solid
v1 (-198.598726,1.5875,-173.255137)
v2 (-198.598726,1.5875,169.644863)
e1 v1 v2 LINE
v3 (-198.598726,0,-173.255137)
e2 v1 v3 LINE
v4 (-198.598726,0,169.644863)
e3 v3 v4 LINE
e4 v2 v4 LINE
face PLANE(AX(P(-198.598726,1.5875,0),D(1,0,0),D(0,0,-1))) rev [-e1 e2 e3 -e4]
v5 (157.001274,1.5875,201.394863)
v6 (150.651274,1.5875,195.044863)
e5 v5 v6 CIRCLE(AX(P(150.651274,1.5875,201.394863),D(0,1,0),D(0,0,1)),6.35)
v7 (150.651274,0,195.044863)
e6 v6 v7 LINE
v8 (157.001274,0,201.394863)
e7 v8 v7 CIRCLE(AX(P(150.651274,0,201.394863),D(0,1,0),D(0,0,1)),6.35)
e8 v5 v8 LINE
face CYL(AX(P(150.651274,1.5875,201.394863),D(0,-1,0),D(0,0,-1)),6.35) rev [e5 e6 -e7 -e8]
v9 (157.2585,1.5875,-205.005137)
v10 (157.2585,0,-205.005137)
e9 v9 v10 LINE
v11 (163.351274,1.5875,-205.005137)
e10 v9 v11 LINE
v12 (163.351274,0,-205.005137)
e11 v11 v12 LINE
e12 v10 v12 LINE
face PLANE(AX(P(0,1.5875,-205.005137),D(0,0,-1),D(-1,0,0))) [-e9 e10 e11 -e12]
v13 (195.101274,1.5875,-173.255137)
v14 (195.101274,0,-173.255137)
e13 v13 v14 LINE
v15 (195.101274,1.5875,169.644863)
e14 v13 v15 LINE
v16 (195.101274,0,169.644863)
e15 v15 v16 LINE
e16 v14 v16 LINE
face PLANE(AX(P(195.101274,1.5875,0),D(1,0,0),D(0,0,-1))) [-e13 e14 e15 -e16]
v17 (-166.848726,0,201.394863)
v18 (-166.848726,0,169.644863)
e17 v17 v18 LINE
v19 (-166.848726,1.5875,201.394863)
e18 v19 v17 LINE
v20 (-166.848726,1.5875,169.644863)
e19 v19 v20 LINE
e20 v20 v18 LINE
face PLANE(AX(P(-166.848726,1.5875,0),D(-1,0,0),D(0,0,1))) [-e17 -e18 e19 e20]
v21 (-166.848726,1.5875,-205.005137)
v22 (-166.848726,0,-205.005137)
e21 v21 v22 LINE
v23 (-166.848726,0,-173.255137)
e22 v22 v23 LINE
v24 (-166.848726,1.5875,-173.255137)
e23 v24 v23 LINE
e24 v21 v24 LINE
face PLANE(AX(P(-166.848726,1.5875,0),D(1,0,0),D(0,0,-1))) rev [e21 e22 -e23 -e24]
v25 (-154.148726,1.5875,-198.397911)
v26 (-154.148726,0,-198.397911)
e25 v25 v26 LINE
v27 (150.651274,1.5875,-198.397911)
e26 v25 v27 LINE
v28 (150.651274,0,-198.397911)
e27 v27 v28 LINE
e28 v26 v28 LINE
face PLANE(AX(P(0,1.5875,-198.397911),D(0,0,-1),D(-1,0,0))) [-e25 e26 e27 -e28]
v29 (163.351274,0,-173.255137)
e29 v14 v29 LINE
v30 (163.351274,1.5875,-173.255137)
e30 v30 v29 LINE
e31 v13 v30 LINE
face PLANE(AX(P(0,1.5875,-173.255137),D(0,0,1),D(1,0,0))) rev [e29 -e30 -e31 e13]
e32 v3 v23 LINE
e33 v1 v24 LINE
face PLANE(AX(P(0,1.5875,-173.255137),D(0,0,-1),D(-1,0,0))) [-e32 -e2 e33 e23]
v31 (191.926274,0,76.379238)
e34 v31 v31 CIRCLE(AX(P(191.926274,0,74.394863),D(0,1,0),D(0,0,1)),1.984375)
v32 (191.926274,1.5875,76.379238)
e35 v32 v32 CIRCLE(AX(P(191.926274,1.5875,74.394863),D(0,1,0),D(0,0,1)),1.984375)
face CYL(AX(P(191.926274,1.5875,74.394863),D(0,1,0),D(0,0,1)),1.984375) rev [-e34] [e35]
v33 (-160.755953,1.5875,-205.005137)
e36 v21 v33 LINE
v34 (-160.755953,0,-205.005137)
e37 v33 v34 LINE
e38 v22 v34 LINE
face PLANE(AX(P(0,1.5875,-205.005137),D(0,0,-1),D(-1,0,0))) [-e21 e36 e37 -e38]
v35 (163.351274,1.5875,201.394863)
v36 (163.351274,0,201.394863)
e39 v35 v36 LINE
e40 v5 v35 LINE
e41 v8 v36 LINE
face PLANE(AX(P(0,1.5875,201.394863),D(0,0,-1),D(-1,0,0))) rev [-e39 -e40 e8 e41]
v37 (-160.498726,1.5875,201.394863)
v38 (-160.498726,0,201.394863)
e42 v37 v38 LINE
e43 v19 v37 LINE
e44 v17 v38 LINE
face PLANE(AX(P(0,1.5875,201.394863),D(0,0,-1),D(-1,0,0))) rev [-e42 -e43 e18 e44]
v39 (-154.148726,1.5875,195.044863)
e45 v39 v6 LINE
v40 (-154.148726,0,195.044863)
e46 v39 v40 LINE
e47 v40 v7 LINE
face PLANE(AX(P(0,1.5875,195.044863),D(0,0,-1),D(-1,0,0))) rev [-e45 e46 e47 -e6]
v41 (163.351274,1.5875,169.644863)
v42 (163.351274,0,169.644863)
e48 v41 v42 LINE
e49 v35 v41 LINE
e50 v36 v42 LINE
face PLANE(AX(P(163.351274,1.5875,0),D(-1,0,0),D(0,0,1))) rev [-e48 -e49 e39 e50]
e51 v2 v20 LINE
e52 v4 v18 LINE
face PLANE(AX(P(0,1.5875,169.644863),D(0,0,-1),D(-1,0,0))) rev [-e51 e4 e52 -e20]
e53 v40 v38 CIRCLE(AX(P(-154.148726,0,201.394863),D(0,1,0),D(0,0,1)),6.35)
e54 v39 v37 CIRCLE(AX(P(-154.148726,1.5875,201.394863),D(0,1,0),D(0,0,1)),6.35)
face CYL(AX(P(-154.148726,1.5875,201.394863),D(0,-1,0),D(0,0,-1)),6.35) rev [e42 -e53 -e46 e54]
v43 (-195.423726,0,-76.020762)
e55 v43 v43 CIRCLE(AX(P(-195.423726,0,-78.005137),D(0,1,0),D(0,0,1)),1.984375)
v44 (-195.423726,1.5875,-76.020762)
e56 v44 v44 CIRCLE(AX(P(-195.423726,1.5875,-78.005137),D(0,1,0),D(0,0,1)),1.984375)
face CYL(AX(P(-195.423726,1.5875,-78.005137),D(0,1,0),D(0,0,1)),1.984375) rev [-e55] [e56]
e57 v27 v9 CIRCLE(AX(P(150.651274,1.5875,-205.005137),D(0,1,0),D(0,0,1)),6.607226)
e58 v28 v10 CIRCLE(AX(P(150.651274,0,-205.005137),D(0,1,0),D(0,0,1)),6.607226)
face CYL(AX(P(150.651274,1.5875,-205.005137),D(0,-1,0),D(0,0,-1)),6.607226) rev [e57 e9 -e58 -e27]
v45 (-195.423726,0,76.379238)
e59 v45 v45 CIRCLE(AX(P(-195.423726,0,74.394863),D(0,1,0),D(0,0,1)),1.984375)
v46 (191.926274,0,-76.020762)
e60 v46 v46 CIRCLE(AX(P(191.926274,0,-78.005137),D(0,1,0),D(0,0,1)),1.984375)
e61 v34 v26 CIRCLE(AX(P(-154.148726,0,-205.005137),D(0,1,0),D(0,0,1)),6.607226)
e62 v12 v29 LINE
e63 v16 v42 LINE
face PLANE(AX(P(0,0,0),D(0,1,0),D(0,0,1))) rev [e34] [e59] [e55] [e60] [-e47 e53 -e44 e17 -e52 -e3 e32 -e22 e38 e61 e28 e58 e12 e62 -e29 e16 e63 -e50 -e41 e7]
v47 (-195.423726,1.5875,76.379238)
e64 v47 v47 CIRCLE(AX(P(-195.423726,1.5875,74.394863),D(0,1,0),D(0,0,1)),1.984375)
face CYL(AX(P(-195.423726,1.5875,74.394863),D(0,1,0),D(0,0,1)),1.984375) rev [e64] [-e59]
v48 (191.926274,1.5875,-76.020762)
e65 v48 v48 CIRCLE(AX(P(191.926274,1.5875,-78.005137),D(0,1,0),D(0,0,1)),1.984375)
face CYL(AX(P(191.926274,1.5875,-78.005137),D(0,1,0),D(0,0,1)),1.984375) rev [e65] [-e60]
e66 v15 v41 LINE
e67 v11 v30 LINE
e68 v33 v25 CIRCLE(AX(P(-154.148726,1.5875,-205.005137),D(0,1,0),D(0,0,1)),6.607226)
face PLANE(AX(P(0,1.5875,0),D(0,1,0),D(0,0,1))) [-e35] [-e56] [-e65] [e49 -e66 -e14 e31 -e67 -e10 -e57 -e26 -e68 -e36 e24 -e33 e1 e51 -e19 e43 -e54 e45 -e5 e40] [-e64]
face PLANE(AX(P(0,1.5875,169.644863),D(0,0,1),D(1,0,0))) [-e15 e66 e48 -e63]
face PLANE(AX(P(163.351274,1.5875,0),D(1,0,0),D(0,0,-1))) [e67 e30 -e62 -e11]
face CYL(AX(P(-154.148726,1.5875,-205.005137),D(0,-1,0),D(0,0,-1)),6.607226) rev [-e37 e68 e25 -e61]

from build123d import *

# Parameters (mm, degrees)
BOSS_EXTRUDE1_DEPTH             = 1.5875
F_5_32_0_15625_DIAMETER_HOLE1_D = 3.96875


with BuildPart() as part:
    # Sketch1 → Boss-Extrude1 (new body)
    with BuildSketch(Plane(origin=(0, 0, 0), x_dir=(1, 0, 0), z_dir=(0, 1, 0))):
        with BuildLine():
            Line((-160.755952561, 205.005137025), (-166.848726493, 205.005137025))
            Line((-166.848726493, 205.005137025), (-166.848726493, 173.255137025))
            Line((-166.848726493, 173.255137025), (-198.598726493, 173.255137025))
            Line((-198.598726493, 173.255137025), (-198.598726493, -169.644862975))
            Line((-198.598726493, -169.644862975), (-166.848726493, -169.644862975))
            Line((-166.848726493, -169.644862975), (-166.848726493, -201.394862975))
            Line((-166.848726493, -201.394862975), (-160.498726493, -201.394862975))
            ThreePointArc((-160.498726493, -201.394862975), (-158.638854554, -196.904734914), (-154.148726493, -195.044862975))
            Line((-154.148726493, -195.044862975), (150.651273507, -195.044862975))
            ThreePointArc((150.651273507, -195.044862975), (155.141401567, -196.904734914), (157.001273507, -201.394862975))
            Line((157.001273507, -201.394862975), (163.351273507, -201.394862975))
            Line((163.351273507, -201.394862975), (163.351273507, -169.644862975))
            Line((163.351273507, -169.644862975), (195.101273507, -169.644862975))
            Line((195.101273507, -169.644862975), (195.101273507, 173.255137025))
            Line((195.101273507, 173.255137025), (163.351273507, 173.255137025))
            Line((163.351273507, 173.255137025), (163.351273507, 205.005137025))
            Line((163.351273507, 205.005137025), (157.258499575, 205.005137025))
            ThreePointArc((157.258499575, 205.005137025), (155.323287864, 200.333122668), (150.651273507, 198.397910957))
            Line((150.651273507, 198.397910957), (-154.148726493, 198.397910957))
            ThreePointArc((-154.148726493, 198.397910957), (-158.820740851, 200.333122668), (-160.755952561, 205.005137025))
        make_face()
    extrude(amount=BOSS_EXTRUDE1_DEPTH)

    # 5/32 (0.15625) Diameter Hole1 (through all)
    with Locations(Plane(origin=(0, 1.5875, 0), x_dir=(1, 0, 0), z_dir=(0, 1, 0))):
        with Locations((-195.423726493, 78.005137025), (-195.423726493, -74.394862975), (191.926273507, -74.394862975), (191.926273507, 78.005137025)):
            Hole(F_5_32_0_15625_DIAMETER_HOLE1_D / 2)


solid = part.part
